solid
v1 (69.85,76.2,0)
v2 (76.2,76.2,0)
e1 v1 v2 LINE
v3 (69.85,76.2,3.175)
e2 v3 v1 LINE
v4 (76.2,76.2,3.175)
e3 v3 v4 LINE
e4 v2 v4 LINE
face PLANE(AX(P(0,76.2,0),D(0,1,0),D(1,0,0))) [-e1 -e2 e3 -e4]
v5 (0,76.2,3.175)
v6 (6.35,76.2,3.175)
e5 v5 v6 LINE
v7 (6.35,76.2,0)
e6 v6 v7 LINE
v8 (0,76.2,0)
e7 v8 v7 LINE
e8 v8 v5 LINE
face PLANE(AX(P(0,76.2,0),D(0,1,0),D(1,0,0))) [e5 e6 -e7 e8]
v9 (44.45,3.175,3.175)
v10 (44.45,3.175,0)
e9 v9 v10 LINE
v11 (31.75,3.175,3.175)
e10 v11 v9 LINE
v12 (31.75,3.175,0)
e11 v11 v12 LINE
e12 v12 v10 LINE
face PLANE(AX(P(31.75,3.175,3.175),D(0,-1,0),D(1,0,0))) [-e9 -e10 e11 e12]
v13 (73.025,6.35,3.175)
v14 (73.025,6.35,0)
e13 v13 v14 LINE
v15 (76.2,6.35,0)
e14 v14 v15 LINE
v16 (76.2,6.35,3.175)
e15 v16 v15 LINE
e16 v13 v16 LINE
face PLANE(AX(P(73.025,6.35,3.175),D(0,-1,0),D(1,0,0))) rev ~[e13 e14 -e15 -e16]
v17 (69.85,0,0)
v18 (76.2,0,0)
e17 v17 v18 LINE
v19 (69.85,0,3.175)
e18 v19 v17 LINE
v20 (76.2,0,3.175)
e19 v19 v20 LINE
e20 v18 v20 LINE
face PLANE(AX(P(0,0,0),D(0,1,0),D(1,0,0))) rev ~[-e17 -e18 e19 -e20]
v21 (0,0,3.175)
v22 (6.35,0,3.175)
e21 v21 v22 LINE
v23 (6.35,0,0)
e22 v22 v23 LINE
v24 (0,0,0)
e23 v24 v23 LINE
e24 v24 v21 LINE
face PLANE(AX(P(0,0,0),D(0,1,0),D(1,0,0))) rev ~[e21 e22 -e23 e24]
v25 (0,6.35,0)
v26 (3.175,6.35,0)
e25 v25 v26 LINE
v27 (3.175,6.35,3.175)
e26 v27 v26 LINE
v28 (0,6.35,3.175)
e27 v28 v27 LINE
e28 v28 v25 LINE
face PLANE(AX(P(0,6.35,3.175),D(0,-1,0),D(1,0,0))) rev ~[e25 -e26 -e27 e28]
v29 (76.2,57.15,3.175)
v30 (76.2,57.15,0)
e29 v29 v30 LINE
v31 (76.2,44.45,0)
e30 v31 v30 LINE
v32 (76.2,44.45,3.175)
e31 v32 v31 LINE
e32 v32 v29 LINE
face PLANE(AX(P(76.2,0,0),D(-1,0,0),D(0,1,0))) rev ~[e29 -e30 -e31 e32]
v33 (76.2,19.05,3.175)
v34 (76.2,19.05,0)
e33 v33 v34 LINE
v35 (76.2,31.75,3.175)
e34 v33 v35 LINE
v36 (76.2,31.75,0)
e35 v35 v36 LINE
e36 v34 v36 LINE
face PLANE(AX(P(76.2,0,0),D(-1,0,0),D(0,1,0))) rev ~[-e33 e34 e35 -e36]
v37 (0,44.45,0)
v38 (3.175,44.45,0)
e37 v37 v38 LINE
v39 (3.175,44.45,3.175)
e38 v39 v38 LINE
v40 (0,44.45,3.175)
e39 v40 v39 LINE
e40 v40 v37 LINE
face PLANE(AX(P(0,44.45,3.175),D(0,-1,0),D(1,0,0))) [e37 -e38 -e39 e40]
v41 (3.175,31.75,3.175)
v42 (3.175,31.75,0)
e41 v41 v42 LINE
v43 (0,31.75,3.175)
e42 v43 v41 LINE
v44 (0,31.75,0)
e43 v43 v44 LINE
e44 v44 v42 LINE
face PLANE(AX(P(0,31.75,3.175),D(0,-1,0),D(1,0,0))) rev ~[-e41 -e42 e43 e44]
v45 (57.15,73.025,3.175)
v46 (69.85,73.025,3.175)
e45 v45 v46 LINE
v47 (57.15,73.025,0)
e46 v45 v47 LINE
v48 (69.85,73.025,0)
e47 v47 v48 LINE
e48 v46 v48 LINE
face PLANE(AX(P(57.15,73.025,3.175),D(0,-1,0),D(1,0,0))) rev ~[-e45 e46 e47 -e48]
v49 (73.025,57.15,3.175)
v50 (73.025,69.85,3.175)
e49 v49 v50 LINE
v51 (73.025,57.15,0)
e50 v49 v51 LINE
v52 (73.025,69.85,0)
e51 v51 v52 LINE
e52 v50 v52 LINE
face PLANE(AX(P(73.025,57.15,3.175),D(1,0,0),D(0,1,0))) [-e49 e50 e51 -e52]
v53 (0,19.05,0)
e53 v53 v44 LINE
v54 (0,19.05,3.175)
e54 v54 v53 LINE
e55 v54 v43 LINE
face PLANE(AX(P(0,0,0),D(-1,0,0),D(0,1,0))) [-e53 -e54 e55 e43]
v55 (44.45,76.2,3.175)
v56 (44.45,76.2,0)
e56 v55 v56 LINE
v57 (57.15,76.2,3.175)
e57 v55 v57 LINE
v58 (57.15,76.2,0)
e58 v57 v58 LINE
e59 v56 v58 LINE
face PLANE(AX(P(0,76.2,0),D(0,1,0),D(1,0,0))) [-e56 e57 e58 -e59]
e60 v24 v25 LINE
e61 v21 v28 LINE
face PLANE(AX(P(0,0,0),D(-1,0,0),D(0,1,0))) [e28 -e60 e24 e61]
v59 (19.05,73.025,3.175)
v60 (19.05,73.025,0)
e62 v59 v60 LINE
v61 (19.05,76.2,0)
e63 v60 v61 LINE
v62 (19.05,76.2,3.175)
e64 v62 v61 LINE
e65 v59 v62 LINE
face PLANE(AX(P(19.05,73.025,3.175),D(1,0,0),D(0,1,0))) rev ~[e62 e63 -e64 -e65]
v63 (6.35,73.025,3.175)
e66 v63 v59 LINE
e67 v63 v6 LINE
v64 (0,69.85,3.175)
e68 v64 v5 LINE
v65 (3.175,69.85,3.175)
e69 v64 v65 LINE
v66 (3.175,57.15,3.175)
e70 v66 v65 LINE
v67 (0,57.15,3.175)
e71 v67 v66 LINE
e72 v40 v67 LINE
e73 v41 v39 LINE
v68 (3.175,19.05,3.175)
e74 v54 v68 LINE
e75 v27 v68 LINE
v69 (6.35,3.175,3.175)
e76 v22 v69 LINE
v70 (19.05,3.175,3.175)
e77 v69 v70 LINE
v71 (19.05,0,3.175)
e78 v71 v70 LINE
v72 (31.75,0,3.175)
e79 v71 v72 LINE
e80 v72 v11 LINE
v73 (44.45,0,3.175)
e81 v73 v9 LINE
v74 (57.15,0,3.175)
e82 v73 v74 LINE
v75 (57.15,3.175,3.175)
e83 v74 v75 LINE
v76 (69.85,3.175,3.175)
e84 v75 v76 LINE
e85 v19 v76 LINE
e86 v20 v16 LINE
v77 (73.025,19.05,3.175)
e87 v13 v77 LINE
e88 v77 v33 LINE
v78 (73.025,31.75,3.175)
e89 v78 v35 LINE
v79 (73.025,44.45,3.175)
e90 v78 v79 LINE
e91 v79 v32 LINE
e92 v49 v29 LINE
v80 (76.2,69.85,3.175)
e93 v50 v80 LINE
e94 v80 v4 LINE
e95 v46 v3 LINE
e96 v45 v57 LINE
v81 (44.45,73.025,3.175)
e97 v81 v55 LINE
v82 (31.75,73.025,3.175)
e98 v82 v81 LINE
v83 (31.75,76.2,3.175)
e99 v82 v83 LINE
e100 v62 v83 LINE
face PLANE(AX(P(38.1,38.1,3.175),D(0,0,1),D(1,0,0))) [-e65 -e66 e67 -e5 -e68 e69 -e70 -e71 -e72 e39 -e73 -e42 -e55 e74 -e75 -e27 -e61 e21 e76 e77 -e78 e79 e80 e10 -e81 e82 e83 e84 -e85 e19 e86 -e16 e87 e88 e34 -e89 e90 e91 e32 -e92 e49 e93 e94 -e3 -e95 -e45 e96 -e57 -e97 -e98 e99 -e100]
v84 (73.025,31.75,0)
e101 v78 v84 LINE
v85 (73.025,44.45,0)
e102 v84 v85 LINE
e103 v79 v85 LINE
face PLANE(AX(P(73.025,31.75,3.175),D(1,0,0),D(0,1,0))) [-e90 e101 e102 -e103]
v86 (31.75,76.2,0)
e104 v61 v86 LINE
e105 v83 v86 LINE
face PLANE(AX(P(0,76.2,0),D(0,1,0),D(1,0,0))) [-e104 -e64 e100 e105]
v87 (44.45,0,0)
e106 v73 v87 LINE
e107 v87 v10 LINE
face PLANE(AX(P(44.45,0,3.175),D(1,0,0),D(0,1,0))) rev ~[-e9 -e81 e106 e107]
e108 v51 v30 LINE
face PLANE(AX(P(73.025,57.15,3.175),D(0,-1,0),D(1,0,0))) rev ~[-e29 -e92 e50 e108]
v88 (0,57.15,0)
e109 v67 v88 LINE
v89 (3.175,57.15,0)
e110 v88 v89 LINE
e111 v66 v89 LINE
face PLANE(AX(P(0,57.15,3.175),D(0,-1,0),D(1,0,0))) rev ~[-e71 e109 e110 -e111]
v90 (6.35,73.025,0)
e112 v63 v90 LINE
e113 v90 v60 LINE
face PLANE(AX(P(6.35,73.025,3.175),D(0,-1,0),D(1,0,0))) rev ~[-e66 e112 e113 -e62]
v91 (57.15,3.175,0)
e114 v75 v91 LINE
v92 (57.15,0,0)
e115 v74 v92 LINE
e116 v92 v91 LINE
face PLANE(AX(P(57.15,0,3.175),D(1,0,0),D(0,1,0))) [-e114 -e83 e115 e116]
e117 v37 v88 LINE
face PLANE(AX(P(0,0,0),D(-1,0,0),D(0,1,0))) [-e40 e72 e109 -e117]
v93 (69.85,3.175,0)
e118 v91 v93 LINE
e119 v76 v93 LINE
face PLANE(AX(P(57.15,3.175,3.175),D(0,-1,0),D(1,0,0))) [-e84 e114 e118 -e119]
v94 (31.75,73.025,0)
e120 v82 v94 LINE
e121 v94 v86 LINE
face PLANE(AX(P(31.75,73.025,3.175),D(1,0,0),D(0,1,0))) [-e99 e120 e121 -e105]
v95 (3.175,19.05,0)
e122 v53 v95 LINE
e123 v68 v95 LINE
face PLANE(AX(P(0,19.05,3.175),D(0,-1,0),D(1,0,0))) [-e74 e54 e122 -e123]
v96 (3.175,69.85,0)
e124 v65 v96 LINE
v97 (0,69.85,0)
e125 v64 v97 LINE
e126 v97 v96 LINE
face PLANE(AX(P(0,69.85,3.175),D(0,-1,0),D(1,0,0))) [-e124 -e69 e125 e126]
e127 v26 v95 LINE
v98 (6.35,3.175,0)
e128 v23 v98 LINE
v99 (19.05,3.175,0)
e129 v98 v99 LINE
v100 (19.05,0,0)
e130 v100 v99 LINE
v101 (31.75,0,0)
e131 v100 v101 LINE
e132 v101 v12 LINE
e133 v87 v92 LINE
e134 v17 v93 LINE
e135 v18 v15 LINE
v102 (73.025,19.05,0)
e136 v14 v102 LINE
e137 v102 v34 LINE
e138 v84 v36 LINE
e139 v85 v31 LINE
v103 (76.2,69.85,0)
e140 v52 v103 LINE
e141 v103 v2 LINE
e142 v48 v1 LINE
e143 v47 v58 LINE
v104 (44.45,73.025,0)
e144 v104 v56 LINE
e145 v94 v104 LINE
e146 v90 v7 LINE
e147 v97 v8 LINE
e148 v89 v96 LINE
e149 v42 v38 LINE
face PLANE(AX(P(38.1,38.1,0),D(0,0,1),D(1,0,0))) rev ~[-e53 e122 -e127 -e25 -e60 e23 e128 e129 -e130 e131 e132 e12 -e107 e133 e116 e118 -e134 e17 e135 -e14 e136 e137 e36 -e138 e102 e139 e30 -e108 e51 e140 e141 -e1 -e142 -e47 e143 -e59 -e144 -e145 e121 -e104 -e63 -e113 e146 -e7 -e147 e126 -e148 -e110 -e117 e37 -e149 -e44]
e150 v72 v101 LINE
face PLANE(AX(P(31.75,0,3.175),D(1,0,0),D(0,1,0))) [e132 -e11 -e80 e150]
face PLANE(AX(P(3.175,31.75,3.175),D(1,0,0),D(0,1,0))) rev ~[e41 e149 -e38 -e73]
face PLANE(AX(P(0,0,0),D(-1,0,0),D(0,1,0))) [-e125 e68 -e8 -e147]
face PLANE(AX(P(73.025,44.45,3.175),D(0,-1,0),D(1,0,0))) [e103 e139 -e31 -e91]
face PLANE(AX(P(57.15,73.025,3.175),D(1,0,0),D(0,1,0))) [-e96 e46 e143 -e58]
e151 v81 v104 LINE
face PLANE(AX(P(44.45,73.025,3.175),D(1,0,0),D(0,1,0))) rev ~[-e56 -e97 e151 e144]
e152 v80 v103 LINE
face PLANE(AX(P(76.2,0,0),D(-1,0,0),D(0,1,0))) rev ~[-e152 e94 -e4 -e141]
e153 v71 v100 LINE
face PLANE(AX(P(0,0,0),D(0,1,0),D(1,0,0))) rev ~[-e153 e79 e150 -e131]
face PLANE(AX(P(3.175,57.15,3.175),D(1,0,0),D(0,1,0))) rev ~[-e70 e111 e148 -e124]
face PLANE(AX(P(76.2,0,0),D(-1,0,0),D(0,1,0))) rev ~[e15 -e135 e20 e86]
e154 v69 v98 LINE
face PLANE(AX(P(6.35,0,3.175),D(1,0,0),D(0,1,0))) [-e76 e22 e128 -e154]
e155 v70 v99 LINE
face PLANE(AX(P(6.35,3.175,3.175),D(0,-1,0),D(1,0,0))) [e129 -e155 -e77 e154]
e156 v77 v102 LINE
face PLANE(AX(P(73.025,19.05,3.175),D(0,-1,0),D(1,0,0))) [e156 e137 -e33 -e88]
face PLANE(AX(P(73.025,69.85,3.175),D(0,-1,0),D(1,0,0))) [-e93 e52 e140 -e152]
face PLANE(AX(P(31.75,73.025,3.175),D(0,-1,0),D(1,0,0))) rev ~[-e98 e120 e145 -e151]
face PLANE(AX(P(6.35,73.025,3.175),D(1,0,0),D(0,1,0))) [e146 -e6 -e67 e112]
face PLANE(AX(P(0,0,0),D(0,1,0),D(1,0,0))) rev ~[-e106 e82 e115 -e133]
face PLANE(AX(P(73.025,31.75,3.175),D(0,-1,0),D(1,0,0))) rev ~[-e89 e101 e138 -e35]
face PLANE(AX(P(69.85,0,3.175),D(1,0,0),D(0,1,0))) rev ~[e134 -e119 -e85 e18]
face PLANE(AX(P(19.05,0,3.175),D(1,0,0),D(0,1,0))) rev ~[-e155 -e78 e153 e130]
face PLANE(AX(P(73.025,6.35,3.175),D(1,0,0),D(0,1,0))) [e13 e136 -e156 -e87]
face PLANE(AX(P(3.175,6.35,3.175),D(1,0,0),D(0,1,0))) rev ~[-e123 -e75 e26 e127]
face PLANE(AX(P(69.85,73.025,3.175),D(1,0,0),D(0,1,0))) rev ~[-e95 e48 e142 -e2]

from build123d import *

# Parameters (mm, degrees)
SKETCH1_W            = 76.2
SKETCH1_H            = 76.2
EXTRUDE1_DEPTH       = 3.175
SKETCH3_W            = 3.175
SKETCH3_H            = 12.7
CUT_EXTRUDE1_DEPTH   = 3.175
LPATTERN1_COUNT      = 3
LPATTERN1_PITCH      = 25.4
LPATTERN1_COUNT_DIR2 = 2
LPATTERN1_PITCH_DIR2 = 73.025
SKETCH4_W            = 12.7
SKETCH4_H            = 3.175
CUT_EXTRUDE2_DEPTH   = 3.175
LPATTERN2_COUNT      = 3
LPATTERN2_PITCH      = 25.4
LPATTERN2_COUNT_DIR2 = 2
LPATTERN2_PITCH_DIR2 = 73.025


with BuildPart() as part:
    # Sketch1 → Extrude1 (new body)
    with BuildSketch(Plane.XY):
        with Locations((38.1, 38.1)):
            Rectangle(SKETCH1_W, SKETCH1_H)
    extrude(amount=EXTRUDE1_DEPTH)

    # Sketch3 → Cut-Extrude1 (cut)
    with BuildSketch(Plane.XY.offset(3.175)):
        with Locations((74.6125, 63.5)):
            Rectangle(SKETCH3_W, SKETCH3_H)
    cut_extrude1 = extrude(amount=-CUT_EXTRUDE1_DEPTH, mode=Mode.SUBTRACT)

    # LPattern1: Cut-Extrude1 3 × 2
    with Locations(*[(-j * LPATTERN1_PITCH_DIR2, -i * LPATTERN1_PITCH, 0) for i in range(LPATTERN1_COUNT) for j in range(LPATTERN1_COUNT_DIR2) if (i, j) != (0, 0)]):
        add(cut_extrude1, mode=Mode.SUBTRACT)

    # Sketch4 → Cut-Extrude2 (cut)
    with BuildSketch(Plane.XY.offset(3.175)):
        with Locations((63.5, 74.6125)):
            Rectangle(SKETCH4_W, SKETCH4_H)
    cut_extrude2 = extrude(amount=-CUT_EXTRUDE2_DEPTH, mode=Mode.SUBTRACT)

    # LPattern2: Cut-Extrude2 3 × 2
    with Locations(*[(-i * LPATTERN2_PITCH, -j * LPATTERN2_PITCH_DIR2, 0) for i in range(LPATTERN2_COUNT) for j in range(LPATTERN2_COUNT_DIR2) if (i, j) != (0, 0)]):
        add(cut_extrude2, mode=Mode.SUBTRACT)


solid = part.part
